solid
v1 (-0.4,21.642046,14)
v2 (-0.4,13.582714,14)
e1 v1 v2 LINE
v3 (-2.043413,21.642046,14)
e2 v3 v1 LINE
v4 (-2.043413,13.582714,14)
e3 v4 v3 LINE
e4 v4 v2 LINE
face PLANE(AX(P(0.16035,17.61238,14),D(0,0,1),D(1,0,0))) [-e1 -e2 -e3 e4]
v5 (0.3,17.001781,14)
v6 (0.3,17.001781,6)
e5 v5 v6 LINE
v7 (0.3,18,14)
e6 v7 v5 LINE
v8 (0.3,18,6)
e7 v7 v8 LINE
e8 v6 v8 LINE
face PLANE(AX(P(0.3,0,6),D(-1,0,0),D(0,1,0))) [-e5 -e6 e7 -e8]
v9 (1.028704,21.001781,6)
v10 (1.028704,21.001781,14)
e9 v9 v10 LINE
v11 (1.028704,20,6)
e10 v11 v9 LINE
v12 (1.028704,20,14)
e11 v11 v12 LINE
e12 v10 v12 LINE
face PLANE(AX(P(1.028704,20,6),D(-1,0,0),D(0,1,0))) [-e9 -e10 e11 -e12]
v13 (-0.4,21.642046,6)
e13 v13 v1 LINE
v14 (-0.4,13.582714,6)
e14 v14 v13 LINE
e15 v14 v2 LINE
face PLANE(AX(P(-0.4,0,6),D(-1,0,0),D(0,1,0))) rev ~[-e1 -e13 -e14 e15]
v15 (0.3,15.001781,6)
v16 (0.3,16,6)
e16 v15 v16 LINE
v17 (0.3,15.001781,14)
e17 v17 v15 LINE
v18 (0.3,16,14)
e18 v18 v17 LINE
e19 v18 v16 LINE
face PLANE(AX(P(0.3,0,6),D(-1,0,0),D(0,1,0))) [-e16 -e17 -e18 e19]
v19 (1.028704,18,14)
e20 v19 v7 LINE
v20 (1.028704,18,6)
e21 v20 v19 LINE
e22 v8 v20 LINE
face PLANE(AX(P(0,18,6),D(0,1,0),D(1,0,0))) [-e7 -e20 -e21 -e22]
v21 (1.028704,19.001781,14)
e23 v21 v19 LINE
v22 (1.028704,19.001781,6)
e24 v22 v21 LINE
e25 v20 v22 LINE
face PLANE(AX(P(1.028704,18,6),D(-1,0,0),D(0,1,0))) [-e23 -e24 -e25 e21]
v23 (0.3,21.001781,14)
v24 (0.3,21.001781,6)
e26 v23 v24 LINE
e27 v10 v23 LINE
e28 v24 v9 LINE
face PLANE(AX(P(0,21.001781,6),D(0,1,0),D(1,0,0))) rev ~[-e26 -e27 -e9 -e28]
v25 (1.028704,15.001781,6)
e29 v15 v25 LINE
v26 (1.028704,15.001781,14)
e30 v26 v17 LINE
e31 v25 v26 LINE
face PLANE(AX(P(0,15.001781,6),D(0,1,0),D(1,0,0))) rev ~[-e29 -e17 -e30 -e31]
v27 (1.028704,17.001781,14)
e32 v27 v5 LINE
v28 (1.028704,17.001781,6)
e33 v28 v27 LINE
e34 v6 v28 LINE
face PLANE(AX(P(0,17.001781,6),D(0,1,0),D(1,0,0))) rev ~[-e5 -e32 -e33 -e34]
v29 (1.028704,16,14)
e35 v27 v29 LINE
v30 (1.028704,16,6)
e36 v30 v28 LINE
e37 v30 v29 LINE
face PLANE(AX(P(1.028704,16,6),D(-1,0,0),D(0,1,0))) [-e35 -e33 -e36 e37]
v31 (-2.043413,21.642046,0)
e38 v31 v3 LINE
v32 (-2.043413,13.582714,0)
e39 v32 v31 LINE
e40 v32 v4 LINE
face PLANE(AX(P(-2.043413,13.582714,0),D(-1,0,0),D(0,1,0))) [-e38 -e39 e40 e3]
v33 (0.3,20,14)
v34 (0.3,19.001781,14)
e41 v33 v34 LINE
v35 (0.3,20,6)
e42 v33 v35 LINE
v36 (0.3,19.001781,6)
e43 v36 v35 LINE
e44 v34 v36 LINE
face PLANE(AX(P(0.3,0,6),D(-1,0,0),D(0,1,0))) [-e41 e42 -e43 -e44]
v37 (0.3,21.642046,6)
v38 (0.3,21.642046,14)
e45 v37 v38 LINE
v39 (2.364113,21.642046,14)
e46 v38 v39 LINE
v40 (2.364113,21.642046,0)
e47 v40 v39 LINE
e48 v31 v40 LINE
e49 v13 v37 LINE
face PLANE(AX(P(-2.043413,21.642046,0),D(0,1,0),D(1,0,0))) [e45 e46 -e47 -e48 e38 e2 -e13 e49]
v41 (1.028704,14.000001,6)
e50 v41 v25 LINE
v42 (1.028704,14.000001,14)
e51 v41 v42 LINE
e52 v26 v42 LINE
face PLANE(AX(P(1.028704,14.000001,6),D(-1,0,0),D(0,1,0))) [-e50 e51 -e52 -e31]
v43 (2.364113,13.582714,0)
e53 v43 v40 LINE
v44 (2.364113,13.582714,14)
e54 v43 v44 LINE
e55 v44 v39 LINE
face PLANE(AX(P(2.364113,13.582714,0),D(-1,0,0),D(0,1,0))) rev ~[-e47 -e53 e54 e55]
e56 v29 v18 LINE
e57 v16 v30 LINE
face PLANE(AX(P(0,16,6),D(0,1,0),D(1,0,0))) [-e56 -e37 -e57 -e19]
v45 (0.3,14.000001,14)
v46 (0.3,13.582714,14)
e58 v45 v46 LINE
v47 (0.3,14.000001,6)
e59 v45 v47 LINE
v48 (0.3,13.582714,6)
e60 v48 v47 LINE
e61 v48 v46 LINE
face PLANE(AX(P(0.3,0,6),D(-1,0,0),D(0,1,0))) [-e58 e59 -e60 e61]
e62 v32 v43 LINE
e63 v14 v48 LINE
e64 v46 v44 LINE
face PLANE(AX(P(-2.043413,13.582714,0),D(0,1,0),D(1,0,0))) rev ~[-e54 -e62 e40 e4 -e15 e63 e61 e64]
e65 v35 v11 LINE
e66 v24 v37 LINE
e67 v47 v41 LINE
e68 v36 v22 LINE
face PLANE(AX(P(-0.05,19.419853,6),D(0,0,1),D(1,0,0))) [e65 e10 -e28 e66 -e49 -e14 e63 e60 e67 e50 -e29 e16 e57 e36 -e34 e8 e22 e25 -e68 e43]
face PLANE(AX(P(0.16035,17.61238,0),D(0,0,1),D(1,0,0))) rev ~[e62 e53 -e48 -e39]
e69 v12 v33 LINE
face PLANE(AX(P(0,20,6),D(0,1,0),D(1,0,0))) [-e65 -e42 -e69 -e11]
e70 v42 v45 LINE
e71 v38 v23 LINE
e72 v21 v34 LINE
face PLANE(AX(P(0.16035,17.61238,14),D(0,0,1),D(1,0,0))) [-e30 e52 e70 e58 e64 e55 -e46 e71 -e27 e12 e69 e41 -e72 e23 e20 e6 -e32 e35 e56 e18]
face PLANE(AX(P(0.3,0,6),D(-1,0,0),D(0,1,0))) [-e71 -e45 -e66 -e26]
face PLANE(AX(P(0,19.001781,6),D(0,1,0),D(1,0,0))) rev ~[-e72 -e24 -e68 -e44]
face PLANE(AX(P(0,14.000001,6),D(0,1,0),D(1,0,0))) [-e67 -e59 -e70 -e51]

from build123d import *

# Parameters (mm, degrees)
DWIRE007_W       = 1.028705
DWIRE007_H       = 1.001781
EXTRUDE007_DEPTH = 9
ARRAY001_Y_COUNT = 20
ARRAY001_Y_PITCH = 2
DWIRE016_W       = 0.7
DWIRE016_H       = 38.839707
EXTRUDE019_DEPTH = 9
DWIRE017_W       = 4.407525
DWIRE017_H       = 8.059332
EXTRUDE020_DEPTH = 14


with BuildPart() as zeby_paska:
    # DWire007 → Extrude007 (new body)
    with BuildSketch(Plane.XY):
        with Locations((0.514352, 0.500891)):
            Rectangle(DWIRE007_W, DWIRE007_H)
    extrude(amount=EXTRUDE007_DEPTH)


with BuildPart() as zeby_paska_1:
    # Extrude007 placement: moved
    add(zeby_paska.part.moved(Location((0, 0, 6))))

    # Array001 Y: zeby paska ×20


with BuildPart() as zeby_paska_2:
    add(zeby_paska_1.part)
    with Locations(*[(0, i * ARRAY001_Y_PITCH, 0) for i in range(1, ARRAY001_Y_COUNT)]):
        add(zeby_paska_1.part)


with BuildPart() as pasek:
    # DWire016 → Extrude019 (new body)
    with BuildSketch(Plane.XY):
        with Locations((-0.05, 19.419853)):
            Rectangle(DWIRE016_W, DWIRE016_H)
    extrude(amount=EXTRUDE019_DEPTH)


with BuildPart() as pasek_1:
    # Extrude019 placement: moved
    add(pasek.part.moved(Location((0, 0, 6))))

    # Fusion002: union zeby paska
    add(zeby_paska_2.part)


with BuildPart() as test_wyciecie_na_pasek:
    # DWire017 → Extrude020 (new body)
    with BuildSketch(Plane.XY):
        with Locations((0.16035, 17.61238)):
            Rectangle(DWIRE017_W, DWIRE017_H)
    extrude(amount=EXTRUDE020_DEPTH)

    # Cut015: cut pasek
    add(pasek_1.part, mode=Mode.SUBTRACT)


solid = test_wyciecie_na_pasek.part
